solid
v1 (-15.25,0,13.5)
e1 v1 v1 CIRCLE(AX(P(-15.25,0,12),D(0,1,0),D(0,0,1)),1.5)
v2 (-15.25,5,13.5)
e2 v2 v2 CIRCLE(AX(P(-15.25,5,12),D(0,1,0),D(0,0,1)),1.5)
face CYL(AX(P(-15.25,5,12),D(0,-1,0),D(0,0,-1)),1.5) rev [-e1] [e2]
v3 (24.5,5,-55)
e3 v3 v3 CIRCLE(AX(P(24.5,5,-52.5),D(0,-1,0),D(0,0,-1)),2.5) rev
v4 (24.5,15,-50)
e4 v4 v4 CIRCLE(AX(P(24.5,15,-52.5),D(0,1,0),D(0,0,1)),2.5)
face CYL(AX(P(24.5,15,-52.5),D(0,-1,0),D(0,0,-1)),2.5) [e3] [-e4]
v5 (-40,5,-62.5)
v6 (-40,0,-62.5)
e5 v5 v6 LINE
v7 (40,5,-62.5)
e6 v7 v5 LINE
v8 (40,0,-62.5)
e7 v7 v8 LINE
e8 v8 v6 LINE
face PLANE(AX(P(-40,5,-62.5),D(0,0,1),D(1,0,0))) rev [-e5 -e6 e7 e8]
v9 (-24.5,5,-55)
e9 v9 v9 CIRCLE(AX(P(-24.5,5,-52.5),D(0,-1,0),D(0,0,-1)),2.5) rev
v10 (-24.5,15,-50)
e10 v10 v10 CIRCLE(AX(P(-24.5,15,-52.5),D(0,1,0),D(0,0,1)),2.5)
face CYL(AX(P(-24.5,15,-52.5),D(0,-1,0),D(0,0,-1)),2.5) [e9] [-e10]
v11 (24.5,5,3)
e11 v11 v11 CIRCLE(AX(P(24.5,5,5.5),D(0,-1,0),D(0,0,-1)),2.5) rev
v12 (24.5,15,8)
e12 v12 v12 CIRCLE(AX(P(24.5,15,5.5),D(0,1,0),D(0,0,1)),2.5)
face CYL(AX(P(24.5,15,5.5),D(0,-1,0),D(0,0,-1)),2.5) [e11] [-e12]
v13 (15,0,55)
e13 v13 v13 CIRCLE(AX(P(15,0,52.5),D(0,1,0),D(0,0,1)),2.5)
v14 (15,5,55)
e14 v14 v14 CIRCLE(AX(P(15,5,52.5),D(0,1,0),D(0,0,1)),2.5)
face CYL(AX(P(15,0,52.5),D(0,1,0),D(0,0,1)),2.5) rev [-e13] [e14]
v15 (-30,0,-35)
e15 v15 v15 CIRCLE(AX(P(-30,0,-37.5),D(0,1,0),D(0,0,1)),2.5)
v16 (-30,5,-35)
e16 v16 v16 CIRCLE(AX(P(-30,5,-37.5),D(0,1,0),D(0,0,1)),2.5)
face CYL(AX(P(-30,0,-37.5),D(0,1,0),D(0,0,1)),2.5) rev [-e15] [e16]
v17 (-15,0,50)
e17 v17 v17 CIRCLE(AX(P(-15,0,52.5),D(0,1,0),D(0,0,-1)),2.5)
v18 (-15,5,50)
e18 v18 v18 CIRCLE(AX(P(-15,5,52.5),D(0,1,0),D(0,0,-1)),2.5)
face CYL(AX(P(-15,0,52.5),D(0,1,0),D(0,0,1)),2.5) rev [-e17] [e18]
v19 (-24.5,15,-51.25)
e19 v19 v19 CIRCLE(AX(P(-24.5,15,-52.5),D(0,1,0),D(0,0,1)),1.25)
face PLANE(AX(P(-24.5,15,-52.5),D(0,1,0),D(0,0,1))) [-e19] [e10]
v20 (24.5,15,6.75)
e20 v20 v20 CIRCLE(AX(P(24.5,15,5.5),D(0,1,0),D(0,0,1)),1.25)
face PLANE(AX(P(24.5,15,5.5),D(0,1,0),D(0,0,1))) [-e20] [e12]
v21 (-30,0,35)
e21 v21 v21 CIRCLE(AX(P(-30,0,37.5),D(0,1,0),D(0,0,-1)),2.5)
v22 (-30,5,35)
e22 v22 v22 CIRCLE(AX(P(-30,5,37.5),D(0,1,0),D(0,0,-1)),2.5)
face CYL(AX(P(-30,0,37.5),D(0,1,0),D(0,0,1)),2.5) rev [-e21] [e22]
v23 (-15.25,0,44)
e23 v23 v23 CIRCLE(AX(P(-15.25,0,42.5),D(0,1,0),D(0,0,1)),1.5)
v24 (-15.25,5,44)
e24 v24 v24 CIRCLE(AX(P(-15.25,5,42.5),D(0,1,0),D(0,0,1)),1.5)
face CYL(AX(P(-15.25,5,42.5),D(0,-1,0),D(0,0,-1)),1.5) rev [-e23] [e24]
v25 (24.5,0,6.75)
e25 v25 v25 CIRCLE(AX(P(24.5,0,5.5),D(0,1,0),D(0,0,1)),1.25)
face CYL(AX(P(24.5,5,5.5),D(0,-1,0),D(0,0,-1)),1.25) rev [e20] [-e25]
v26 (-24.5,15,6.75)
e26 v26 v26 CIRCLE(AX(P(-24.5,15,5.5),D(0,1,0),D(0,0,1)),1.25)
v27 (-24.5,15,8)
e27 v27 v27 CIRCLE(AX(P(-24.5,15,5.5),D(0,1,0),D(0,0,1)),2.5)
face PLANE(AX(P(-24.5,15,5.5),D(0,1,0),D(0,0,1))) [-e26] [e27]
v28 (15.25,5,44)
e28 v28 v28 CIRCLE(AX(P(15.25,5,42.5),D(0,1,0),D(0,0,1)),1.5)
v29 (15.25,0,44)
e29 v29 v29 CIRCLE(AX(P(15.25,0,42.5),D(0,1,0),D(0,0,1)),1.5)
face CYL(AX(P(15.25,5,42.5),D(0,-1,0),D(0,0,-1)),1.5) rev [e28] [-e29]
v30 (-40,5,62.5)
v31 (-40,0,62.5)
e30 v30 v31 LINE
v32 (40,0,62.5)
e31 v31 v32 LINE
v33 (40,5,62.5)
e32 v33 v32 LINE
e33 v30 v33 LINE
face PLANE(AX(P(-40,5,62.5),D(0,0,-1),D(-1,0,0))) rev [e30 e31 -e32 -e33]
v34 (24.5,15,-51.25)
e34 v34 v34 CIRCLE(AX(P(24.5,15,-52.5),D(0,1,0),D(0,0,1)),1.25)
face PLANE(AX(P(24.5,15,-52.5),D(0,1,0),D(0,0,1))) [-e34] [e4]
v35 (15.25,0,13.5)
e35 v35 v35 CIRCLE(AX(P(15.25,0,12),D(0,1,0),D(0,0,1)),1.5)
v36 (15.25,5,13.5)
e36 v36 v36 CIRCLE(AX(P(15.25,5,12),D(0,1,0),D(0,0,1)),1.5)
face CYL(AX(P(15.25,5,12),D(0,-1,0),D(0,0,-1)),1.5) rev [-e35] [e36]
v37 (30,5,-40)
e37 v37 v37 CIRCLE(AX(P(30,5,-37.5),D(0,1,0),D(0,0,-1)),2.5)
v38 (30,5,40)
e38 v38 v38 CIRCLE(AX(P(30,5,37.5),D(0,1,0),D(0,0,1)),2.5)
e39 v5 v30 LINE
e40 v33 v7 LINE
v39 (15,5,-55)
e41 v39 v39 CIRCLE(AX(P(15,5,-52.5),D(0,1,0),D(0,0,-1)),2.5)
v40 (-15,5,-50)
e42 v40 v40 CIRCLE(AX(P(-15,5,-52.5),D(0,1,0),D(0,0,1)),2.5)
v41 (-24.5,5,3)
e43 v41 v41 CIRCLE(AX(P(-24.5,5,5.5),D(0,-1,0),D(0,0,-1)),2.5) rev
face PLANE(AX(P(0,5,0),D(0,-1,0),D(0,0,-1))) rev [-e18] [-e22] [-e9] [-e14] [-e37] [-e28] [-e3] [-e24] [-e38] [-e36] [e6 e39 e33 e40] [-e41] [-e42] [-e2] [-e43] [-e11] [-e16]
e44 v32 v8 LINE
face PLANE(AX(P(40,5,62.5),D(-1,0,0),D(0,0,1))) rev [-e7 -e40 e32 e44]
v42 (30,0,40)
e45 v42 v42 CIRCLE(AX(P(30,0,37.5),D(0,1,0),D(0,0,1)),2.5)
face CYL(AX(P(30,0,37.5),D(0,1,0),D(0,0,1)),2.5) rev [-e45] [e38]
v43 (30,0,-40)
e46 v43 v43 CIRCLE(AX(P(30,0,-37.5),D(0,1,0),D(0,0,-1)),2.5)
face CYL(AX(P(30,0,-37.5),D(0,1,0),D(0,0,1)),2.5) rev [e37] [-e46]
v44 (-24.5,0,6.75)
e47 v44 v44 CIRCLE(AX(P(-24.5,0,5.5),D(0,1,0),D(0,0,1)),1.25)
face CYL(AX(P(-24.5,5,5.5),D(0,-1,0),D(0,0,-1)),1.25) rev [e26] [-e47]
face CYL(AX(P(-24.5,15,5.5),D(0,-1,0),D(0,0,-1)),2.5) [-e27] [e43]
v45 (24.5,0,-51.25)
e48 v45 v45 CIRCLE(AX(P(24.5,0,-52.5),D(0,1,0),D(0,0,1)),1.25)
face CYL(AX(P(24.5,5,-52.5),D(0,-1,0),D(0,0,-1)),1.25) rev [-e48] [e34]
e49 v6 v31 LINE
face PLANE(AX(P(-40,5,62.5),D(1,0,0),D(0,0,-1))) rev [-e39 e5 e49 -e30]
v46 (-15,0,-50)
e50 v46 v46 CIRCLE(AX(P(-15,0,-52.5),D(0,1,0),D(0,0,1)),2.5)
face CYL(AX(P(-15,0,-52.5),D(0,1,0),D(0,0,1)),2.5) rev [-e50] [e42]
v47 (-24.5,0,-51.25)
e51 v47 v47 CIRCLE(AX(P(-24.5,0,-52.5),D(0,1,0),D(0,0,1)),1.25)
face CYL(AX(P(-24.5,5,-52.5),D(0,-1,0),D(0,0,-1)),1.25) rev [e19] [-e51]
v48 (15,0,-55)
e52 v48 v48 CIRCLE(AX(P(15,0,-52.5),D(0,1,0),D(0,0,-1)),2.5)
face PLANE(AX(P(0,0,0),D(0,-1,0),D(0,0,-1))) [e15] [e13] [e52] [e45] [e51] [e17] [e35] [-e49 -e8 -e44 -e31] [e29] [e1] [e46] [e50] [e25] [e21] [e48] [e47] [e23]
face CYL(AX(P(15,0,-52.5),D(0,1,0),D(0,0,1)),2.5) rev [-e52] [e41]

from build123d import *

# Parameters (mm, degrees)
SKETCH1_W           = 80
SKETCH1_H           = 125
SKETCH1_R           = 1.25
SKETCH1_R_2         = 1.5
BOSS_EXTRUDE1_DEPTH = 5
SKETCH2_R           = 2.5
CUT_EXTRUDE1_DEPTH  = 5
SKETCH3_R           = 2.5
SKETCH3_R_2         = 1.25
BOSS_EXTRUDE2_DEPTH = 10


with BuildPart() as part:
    # Sketch1 → Boss-Extrude1 (new body)
    with BuildSketch(Plane(origin=(0, 0, 0), x_dir=(1, 0, 0), z_dir=(0, 1, 0))):
        Rectangle(SKETCH1_W, SKETCH1_H)
        with Locations((-24.5, 52.5)):
            Circle(SKETCH1_R, mode=Mode.SUBTRACT)
        with Locations((24.5, 52.5)):
            Circle(SKETCH1_R, mode=Mode.SUBTRACT)
        with Locations((-24.5, -5.5)):
            Circle(SKETCH1_R, mode=Mode.SUBTRACT)
        with Locations((24.5, -5.5)):
            Circle(SKETCH1_R, mode=Mode.SUBTRACT)
        with Locations((-15.25, -12)):
            Circle(SKETCH1_R_2, mode=Mode.SUBTRACT)
        with Locations((15.25, -12)):
            Circle(SKETCH1_R_2, mode=Mode.SUBTRACT)
        with Locations((-15.25, -42.5)):
            Circle(SKETCH1_R_2, mode=Mode.SUBTRACT)
        with Locations((15.25, -42.5)):
            Circle(SKETCH1_R_2, mode=Mode.SUBTRACT)
    extrude(amount=BOSS_EXTRUDE1_DEPTH)

    # Sketch2 → Cut-Extrude1 (cut)
    with BuildSketch(Plane(origin=(0, 5, 0), x_dir=(1, 0, 0), z_dir=(0, 1, 0))):
        with Locations((-15, 52.5)):
            Circle(SKETCH2_R)
        with Locations((-30, 37.5)):
            Circle(SKETCH2_R)
        with Locations((15, 52.5)):
            Circle(SKETCH2_R)
        with Locations((30, 37.5)):
            Circle(SKETCH2_R)
        with Locations((30, -37.5)):
            Circle(SKETCH2_R)
        with Locations((15, -52.5)):
            Circle(SKETCH2_R)
        with Locations((-15, -52.5)):
            Circle(SKETCH2_R)
        with Locations((-30, -37.5)):
            Circle(SKETCH2_R)
    extrude(amount=-CUT_EXTRUDE1_DEPTH, mode=Mode.SUBTRACT)

    # Sketch3 → Boss-Extrude2 (add)
    with BuildSketch(Plane(origin=(0, 5, 0), x_dir=(1, 0, 0), z_dir=(0, 1, 0))):
        with Locations((-24.5, 52.5)):
            Circle(SKETCH3_R)
        with Locations((-24.5, 52.5)):
            Circle(SKETCH3_R_2, mode=Mode.SUBTRACT)
        with Locations((24.5, 52.5)):
            Circle(SKETCH3_R)
        with Locations((24.5, 52.5)):
            Circle(SKETCH3_R_2, mode=Mode.SUBTRACT)
        with Locations((-24.5, -5.5)):
            Circle(SKETCH3_R)
        with Locations((-24.5, -5.5)):
            Circle(SKETCH3_R_2, mode=Mode.SUBTRACT)
        with Locations((24.5, -5.5)):
            Circle(SKETCH3_R)
        with Locations((24.5, -5.5)):
            Circle(SKETCH3_R_2, mode=Mode.SUBTRACT)
    extrude(amount=BOSS_EXTRUDE2_DEPTH)


solid = part.part
